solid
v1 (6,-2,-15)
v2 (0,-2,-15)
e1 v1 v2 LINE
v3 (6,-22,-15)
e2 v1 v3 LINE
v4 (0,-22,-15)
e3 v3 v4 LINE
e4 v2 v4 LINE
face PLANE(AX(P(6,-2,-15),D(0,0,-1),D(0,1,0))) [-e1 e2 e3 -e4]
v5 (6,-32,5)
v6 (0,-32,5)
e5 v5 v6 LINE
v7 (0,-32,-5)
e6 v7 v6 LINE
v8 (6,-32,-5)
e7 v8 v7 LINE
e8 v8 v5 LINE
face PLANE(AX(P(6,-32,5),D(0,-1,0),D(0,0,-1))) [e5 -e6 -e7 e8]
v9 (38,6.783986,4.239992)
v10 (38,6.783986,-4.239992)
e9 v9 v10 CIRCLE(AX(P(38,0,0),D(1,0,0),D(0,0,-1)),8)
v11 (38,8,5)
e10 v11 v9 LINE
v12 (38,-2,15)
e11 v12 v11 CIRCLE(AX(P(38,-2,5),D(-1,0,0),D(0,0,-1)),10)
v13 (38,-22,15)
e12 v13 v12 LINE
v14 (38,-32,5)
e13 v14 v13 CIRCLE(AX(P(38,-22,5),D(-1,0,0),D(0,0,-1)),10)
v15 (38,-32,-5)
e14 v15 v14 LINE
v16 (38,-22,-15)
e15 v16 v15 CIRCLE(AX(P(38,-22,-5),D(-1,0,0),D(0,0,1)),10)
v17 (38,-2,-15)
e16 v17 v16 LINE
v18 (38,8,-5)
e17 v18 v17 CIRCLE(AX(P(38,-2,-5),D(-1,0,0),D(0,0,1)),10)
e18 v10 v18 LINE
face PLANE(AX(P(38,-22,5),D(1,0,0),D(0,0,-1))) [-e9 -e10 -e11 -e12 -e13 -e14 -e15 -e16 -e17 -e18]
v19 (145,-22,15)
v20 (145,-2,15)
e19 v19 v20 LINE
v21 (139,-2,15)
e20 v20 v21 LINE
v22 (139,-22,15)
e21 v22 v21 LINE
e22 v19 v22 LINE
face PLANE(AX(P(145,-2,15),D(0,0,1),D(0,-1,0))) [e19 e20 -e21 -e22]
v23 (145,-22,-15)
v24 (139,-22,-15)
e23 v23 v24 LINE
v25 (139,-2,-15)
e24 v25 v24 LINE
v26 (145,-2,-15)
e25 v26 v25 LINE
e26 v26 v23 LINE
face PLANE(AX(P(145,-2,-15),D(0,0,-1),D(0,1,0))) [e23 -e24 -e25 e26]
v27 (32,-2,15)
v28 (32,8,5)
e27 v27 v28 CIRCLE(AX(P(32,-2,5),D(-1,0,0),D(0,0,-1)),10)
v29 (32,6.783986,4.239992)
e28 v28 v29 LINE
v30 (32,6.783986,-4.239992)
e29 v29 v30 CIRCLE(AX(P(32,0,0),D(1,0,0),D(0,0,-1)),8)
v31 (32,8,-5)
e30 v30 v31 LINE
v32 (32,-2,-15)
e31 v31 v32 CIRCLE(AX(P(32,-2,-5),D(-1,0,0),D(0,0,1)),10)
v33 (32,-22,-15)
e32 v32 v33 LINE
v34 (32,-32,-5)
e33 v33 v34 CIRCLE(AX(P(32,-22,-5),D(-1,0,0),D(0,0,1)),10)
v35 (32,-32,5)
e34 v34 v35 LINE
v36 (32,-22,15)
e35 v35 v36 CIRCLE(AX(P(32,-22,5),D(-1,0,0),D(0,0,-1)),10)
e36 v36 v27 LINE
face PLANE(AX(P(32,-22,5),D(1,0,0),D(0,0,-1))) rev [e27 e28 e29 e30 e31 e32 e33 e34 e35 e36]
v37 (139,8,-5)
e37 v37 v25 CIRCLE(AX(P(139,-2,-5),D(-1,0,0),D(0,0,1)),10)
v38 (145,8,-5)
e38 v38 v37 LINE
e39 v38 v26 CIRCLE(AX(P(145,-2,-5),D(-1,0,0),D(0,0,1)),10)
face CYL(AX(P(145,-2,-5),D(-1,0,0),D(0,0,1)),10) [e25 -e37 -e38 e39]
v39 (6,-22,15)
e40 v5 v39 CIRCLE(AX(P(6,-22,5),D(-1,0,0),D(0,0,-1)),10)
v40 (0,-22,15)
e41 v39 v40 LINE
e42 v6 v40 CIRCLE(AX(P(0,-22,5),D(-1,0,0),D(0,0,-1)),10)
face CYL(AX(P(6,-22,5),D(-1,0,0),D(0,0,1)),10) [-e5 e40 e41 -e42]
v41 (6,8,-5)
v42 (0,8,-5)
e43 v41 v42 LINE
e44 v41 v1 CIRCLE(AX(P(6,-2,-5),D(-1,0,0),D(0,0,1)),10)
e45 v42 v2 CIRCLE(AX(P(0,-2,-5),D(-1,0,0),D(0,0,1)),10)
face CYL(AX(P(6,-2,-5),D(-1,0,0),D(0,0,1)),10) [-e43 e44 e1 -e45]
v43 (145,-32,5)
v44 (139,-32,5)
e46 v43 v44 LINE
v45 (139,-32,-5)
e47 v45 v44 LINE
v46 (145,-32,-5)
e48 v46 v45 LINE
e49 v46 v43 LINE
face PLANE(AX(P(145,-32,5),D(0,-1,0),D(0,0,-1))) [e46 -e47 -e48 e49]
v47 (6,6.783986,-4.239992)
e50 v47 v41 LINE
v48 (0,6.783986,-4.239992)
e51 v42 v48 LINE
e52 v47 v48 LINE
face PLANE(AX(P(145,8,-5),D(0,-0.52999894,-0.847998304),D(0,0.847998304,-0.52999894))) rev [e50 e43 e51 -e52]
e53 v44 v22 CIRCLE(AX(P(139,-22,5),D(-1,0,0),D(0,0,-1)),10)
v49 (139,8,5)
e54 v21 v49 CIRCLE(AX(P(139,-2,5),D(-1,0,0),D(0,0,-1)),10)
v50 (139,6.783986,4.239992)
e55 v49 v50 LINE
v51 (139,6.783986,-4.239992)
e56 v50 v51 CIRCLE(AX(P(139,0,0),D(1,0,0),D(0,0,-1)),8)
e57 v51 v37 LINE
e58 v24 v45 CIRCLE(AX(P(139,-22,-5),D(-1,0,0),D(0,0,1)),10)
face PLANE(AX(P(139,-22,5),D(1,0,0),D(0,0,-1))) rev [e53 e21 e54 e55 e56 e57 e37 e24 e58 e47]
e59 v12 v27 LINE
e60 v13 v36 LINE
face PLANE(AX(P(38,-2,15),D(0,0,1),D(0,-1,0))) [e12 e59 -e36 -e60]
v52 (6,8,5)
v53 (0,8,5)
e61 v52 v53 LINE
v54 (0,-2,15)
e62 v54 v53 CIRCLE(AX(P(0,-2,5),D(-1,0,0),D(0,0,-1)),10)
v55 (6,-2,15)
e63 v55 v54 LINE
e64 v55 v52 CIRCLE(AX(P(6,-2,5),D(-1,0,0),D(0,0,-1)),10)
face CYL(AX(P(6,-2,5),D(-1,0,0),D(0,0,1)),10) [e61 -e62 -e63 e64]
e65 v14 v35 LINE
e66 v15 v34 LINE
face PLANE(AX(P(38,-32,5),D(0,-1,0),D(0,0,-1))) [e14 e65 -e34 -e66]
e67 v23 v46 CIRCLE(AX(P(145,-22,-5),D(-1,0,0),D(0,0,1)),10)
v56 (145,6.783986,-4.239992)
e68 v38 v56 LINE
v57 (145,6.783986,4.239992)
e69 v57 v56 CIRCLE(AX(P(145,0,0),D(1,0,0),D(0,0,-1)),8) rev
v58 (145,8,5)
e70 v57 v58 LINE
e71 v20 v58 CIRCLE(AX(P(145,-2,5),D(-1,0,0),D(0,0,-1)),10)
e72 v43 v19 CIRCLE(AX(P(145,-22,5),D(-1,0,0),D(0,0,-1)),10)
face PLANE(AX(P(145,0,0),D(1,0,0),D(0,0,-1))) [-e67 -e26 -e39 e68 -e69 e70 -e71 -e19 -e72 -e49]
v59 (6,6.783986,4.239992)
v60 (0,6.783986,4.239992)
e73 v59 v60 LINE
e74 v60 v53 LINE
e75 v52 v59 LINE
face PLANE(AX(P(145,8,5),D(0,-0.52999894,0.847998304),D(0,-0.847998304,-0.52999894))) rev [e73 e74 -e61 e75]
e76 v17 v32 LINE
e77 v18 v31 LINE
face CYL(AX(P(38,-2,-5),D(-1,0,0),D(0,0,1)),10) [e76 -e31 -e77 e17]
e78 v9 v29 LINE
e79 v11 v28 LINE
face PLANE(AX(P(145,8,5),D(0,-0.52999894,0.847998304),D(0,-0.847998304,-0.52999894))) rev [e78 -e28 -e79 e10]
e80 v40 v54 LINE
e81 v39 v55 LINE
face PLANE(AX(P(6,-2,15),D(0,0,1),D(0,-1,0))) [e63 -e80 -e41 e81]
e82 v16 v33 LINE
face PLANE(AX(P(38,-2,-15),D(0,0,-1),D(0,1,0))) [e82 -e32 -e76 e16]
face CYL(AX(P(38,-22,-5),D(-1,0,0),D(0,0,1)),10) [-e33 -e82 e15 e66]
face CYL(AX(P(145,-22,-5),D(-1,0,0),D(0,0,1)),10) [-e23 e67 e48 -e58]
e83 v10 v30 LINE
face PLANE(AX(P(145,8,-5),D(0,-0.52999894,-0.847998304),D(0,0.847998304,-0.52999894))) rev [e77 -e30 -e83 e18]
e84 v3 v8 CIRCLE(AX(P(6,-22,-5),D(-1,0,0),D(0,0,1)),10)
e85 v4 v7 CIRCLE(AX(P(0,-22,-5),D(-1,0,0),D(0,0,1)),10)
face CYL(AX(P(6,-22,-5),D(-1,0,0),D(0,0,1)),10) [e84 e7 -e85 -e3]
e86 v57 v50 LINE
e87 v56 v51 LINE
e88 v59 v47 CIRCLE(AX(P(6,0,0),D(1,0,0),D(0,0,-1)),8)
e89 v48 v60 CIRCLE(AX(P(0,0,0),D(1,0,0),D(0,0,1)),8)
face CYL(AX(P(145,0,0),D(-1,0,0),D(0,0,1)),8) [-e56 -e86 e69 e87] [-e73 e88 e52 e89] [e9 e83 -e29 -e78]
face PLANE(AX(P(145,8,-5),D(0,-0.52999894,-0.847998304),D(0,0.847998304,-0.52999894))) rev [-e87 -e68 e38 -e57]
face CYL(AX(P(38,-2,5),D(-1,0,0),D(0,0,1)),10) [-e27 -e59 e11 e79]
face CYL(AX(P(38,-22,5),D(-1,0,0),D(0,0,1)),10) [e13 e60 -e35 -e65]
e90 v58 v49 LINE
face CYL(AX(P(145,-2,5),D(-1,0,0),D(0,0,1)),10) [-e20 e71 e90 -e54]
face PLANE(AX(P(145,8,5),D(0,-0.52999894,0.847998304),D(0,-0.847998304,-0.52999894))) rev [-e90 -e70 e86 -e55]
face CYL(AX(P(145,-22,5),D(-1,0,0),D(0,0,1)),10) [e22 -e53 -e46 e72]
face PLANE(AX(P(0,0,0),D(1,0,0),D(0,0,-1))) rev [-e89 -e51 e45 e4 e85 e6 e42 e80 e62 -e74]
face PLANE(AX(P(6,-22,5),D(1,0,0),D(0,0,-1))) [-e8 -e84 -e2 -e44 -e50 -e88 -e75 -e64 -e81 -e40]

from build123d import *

# Parameters (mm, degrees)
SCHIZZO1_R                   = 8
ESTRUSIONE_ESTRUSIONE1_DEPTH = 145
ESTRUSIONE_ESTRUSIONE2_DEPTH = 6
RIPETIZIONE_A_L1_COUNT       = 2
RIPETIZIONE_A_L1_PITCH       = 32
RIPETIZIONE_A_L2_COUNT       = 2
RIPETIZIONE_A_L2_PITCH       = 139
EXTRUDE2_DEPTH               = 150.244765402


with BuildPart() as part:
    # Schizzo1 → Estrusione-Estrusione1 (new body)
    with BuildSketch(Plane(origin=(0, 0, 0), x_dir=(0, 0, -1), z_dir=(1, 0, 0))):
        Circle(SCHIZZO1_R)
    extrude(amount=ESTRUSIONE_ESTRUSIONE1_DEPTH)

    # Schizzo2 → Estrusione-Estrusione2 (add)
    with BuildSketch(Plane.ZY):
        with BuildLine():
            Line((-5, 8), (5, 8))
            ThreePointArc((5, 8), (12.071067812, 5.071067812), (15, -2))
            Line((15, -2), (15, -22))
            ThreePointArc((15, -22), (12.071067812, -29.071067812), (5, -32))
            Line((5, -32), (-5, -32))
            ThreePointArc((-5, -32), (-12.071067812, -29.071067812), (-15, -22))
            Line((-15, -22), (-15, -2))
            ThreePointArc((-15, -2), (-12.071067812, 5.071067812), (-5, 8))
        make_face()
    estrusione_estrusione2 = extrude(amount=-ESTRUSIONE_ESTRUSIONE2_DEPTH)

    # Ripetizione a L1: Estrusione-Estrusione2 ×2
    with Locations(*[(i * RIPETIZIONE_A_L1_PITCH, 0, 0) for i in range(1, RIPETIZIONE_A_L1_COUNT)]):
        add(estrusione_estrusione2)

    # Ripetizione a L2: Estrusione-Estrusione2 ×2
    with Locations(*[(i * RIPETIZIONE_A_L2_PITCH, 0, 0) for i in range(1, RIPETIZIONE_A_L2_COUNT)]):
        add(estrusione_estrusione2)

    # Sketch1 → Extrude2 (cut, through all)
    with BuildSketch(Plane.ZY):
        with BuildLine():
            Line((-5, 8), (-4.23999152, 6.783986432))
            ThreePointArc((-4.23999152, 6.783986432), (0, 8), (4.23999152, 6.783986432))
            Line((4.23999152, 6.783986432), (5, 8))
            Line((5, 8), (5, 8.502646834))
            Line((5, 8.502646834), (-5, 8.502646834))
            Line((-5, 8.502646834), (-5, 8))
        make_face()
    extrude(amount=-EXTRUDE2_DEPTH, mode=Mode.SUBTRACT)


solid = part.part
